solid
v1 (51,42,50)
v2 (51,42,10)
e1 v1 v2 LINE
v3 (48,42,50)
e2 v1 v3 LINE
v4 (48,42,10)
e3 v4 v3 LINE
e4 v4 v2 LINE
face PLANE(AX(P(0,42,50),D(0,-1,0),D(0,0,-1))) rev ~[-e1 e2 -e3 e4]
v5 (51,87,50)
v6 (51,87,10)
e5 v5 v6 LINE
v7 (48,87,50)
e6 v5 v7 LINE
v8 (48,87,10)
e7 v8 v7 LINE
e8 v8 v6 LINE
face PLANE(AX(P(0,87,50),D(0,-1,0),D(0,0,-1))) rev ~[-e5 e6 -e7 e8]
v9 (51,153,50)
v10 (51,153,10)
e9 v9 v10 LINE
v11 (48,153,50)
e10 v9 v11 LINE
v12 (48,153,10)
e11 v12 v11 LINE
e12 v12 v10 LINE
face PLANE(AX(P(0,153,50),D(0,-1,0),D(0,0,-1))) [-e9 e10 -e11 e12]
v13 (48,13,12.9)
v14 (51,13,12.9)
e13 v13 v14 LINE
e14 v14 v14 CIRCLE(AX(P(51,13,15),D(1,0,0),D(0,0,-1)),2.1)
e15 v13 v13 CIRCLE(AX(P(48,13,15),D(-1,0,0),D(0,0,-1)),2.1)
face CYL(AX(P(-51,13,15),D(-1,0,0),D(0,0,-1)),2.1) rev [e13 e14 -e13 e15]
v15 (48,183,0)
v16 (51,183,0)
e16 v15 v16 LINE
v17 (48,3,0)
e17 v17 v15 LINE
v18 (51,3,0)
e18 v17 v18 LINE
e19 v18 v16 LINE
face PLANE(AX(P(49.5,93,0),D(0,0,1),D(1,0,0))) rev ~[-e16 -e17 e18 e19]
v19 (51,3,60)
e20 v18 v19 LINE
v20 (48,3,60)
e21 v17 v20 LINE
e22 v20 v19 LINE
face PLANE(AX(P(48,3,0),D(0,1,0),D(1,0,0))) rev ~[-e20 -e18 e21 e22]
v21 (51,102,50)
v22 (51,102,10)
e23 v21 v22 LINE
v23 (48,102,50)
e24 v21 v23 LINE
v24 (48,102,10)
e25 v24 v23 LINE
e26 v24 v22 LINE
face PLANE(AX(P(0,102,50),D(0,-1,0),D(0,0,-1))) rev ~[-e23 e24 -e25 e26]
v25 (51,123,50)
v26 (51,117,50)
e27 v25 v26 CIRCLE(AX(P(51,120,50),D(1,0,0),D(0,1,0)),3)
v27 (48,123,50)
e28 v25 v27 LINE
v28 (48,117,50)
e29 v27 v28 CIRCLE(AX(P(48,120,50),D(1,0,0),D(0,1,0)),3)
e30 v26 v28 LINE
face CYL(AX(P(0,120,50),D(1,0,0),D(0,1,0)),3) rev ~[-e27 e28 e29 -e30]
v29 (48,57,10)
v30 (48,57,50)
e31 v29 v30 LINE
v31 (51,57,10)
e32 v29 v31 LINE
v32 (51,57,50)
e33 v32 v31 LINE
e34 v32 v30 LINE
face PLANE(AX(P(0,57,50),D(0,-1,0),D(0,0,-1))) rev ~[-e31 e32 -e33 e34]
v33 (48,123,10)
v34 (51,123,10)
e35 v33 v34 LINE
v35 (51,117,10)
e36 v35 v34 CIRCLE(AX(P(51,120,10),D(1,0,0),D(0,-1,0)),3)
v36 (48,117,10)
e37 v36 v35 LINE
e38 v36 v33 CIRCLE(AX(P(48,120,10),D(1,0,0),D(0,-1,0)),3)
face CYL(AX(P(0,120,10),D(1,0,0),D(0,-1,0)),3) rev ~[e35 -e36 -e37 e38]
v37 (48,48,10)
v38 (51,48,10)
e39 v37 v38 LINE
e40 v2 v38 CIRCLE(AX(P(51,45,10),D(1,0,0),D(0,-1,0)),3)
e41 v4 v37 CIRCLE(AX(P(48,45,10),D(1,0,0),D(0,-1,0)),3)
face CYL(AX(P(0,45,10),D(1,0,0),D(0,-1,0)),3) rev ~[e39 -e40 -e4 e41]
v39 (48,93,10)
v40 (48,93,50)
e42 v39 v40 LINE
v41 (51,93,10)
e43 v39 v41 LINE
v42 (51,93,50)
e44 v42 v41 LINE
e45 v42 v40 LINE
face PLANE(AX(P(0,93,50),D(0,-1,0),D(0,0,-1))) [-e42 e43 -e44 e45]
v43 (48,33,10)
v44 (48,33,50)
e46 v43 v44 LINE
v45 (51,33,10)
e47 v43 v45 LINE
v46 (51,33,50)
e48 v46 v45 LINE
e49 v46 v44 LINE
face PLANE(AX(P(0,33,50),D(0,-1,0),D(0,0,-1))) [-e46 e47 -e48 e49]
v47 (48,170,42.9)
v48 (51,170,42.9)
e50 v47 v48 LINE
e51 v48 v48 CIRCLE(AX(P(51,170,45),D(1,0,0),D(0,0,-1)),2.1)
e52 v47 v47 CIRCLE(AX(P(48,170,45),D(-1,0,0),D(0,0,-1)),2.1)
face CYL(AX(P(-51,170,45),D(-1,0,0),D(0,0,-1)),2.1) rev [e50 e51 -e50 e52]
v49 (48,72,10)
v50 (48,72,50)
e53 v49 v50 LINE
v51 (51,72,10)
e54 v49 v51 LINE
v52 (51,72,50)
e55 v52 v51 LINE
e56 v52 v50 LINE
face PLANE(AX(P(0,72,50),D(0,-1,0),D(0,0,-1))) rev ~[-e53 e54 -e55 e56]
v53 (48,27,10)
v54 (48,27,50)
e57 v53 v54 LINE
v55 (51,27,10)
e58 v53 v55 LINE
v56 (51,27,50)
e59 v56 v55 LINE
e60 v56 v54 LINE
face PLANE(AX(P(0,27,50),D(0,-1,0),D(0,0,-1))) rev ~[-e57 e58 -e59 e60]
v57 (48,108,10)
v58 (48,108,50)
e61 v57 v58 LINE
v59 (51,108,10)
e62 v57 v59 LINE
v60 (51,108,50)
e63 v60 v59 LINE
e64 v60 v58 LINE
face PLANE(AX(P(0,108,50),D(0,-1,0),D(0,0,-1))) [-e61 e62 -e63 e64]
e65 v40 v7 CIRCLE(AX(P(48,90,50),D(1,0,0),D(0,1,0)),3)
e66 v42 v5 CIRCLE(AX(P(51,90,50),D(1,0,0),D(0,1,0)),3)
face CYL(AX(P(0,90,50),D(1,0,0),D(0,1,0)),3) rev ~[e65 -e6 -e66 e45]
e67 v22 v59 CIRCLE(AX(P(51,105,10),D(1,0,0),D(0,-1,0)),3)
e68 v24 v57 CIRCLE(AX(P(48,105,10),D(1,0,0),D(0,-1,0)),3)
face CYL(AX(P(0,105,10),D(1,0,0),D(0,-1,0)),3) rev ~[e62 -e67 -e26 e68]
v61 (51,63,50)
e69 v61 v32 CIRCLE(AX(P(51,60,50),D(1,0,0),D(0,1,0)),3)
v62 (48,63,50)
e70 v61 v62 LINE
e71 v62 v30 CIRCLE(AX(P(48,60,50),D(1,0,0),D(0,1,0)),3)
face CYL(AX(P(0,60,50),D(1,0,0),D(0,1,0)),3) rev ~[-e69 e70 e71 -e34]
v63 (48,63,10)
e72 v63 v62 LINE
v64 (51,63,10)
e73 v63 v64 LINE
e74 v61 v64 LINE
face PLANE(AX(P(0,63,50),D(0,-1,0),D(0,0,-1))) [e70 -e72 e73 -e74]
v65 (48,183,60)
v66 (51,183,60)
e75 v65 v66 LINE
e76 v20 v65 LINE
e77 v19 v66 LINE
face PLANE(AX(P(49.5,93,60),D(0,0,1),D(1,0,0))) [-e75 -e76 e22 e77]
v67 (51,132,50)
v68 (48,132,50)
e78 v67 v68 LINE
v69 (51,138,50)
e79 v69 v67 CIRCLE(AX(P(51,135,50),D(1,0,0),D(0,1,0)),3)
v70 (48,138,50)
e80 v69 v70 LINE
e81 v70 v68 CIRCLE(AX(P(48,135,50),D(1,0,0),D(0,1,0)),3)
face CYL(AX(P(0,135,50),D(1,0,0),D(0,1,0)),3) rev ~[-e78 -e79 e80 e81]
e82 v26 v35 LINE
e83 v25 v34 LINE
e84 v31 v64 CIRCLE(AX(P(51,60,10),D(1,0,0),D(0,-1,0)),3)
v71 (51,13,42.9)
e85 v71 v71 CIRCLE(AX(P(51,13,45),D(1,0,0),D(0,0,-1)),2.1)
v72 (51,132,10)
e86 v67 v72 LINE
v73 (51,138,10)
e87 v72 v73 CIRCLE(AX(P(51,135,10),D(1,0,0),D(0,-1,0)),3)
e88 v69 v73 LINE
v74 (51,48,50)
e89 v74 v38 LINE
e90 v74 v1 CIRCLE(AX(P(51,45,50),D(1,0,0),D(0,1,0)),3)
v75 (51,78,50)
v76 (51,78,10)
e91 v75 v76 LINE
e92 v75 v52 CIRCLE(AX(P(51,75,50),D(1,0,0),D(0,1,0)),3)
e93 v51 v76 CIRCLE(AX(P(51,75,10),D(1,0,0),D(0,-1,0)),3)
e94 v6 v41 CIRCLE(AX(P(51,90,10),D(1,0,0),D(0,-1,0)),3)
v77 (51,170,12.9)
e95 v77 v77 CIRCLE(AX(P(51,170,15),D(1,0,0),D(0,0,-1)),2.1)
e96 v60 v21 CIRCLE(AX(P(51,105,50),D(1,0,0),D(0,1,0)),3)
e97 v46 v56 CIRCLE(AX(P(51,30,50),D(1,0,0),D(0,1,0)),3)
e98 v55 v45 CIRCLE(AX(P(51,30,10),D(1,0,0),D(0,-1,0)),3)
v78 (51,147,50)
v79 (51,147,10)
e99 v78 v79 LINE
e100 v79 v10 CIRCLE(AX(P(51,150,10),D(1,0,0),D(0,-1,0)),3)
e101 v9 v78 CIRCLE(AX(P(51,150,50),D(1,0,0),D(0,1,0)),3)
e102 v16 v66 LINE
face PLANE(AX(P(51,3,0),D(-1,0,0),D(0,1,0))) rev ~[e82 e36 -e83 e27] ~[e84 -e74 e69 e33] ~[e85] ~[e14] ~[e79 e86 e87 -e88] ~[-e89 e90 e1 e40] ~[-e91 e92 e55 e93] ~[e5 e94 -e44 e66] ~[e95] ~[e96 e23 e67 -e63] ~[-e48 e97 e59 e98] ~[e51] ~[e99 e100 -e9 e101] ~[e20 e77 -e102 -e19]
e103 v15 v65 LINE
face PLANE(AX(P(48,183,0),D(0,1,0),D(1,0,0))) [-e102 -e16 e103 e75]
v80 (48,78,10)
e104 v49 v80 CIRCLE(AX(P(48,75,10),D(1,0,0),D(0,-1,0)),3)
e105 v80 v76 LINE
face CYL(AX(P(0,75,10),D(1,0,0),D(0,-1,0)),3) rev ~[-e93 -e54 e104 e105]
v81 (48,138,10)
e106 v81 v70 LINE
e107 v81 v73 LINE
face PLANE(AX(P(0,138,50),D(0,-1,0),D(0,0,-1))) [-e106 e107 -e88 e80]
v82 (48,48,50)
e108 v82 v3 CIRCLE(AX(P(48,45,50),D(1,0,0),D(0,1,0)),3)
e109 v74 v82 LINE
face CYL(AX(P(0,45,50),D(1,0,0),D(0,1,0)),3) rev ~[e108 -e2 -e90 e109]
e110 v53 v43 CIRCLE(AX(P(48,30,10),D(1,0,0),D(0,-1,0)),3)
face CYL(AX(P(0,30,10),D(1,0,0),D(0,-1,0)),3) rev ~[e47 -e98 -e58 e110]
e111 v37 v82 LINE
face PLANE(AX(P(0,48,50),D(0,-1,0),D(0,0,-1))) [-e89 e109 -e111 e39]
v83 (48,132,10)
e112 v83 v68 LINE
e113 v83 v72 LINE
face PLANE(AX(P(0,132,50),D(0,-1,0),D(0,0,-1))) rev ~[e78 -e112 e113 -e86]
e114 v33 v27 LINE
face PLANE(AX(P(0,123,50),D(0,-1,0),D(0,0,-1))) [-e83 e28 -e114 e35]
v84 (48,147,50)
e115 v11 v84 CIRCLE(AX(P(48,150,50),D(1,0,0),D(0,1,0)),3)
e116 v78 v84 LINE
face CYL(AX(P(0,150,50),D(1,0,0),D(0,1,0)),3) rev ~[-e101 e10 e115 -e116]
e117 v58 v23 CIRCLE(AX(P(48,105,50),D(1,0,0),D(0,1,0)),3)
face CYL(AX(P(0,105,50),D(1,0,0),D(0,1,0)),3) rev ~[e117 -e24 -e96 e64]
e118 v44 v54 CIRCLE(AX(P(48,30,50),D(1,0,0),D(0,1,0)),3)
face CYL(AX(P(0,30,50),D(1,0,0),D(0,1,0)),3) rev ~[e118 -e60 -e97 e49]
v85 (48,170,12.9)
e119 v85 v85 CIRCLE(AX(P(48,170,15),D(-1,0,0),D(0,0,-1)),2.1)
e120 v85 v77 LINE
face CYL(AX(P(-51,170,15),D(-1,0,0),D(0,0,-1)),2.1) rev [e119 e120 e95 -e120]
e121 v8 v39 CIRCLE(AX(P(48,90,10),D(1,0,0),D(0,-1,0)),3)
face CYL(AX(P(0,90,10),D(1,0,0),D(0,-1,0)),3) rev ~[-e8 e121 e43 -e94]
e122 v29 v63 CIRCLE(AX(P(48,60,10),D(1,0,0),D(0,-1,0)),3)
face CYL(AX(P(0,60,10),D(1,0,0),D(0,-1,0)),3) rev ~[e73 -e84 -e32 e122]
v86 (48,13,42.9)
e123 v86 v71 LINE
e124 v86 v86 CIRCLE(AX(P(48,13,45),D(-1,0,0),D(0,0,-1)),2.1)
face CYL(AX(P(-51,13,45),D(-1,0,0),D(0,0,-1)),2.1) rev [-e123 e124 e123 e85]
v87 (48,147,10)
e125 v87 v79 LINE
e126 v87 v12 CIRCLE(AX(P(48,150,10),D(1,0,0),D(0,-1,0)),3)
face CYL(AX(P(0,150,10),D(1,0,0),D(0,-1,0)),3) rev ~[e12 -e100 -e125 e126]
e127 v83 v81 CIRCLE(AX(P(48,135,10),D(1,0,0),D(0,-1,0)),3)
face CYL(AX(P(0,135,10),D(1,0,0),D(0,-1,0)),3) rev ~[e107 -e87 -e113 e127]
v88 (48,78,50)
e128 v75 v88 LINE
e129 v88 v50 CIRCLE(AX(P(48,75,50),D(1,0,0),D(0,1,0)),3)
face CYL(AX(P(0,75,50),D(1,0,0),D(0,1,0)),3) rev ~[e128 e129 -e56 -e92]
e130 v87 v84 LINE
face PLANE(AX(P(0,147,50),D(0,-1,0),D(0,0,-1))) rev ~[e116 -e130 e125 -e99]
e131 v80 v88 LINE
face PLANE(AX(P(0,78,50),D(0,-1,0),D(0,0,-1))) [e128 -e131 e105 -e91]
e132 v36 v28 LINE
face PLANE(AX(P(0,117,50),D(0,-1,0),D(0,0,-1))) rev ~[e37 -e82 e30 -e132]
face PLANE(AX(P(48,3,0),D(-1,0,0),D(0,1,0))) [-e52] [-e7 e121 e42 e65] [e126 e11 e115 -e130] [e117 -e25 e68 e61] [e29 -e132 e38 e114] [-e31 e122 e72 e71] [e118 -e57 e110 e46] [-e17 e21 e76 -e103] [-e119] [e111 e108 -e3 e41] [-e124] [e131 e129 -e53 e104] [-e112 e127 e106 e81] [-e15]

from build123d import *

# Parameters (mm, degrees)
EXTRUDE001_DEPTH  = 51
ARRAY002_Y_COUNT  = 9
ARRAY002_Y_PITCH  = 15
CYLINDER003_R     = 2.1
CYLINDER003_DEPTH = 102
ARRAY001_Y_COUNT  = 2
ARRAY001_Y_PITCH  = 157
ARRAY001_Z_COUNT  = 2
ARRAY001_Z_PITCH  = 30
BOX004_W          = 3
BOX004_H          = 180
BOX004_DEPTH      = 60


with BuildPart() as side_vent_array:
    # Sketch001 → Extrude001 (new body, symmetric)
    with BuildSketch(Plane.YZ):
        with BuildLine():
            Line((-3, 50), (-3, 10))
            ThreePointArc((-3, 10), (0, 7), (3, 10))
            Line((3, 50), (3, 10))
            ThreePointArc((3, 50), (0, 53), (-3, 50))
        make_face()
    extrude(amount=EXTRUDE001_DEPTH, both=True)

    # Array002 Y: side vent array ×9


with BuildPart() as side_vent_array_1:
    add(side_vent_array.part)
    with Locations(*[(0, i * ARRAY002_Y_PITCH, 0) for i in range(1, ARRAY002_Y_COUNT)]):
        add(side_vent_array.part)


with BuildPart() as side_vent_array_2:
    # Array002 placement: moved
    add(side_vent_array_1.part.moved(Location((0, 30, 0))))


with BuildPart() as side_hole_fusion:
    # Cylinder003 → Cylinder003 (new body)
    with BuildSketch(Plane(origin=(-51, 13, 15), x_dir=(0, 0, -1), z_dir=(1, 0, 0))):
        Circle(CYLINDER003_R)
    extrude(amount=CYLINDER003_DEPTH)

    # Array001 Y: side hole fusion ×2


with BuildPart() as side_hole_fusion_1:
    add(side_hole_fusion.part)
    with Locations(*[(0, i * ARRAY001_Y_PITCH, 0) for i in range(1, ARRAY001_Y_COUNT)]):
        add(side_hole_fusion.part)

    # Array001 Z: side hole fusion ×2


with BuildPart() as side_hole_fusion_2:
    add(side_hole_fusion_1.part)
    with Locations(*[(0, 0, i * ARRAY001_Z_PITCH) for i in range(1, ARRAY001_Z_COUNT)]):
        add(side_hole_fusion_1.part)

    # Fusion001: union side vent array
    add(side_vent_array_2.part)


with BuildPart() as psu_side_cut001:
    # Box004 → Box004 (new body)
    with BuildSketch(Plane(origin=(48, 3, 0), x_dir=(1, 0, 0), z_dir=(0, 0, 1))):
        with Locations((1.5, 90)):
            Rectangle(BOX004_W, BOX004_H)
    extrude(amount=BOX004_DEPTH)

    # Cut001: cut side hole fusion
    add(side_hole_fusion_2.part, mode=Mode.SUBTRACT)


solid = psu_side_cut001.part
